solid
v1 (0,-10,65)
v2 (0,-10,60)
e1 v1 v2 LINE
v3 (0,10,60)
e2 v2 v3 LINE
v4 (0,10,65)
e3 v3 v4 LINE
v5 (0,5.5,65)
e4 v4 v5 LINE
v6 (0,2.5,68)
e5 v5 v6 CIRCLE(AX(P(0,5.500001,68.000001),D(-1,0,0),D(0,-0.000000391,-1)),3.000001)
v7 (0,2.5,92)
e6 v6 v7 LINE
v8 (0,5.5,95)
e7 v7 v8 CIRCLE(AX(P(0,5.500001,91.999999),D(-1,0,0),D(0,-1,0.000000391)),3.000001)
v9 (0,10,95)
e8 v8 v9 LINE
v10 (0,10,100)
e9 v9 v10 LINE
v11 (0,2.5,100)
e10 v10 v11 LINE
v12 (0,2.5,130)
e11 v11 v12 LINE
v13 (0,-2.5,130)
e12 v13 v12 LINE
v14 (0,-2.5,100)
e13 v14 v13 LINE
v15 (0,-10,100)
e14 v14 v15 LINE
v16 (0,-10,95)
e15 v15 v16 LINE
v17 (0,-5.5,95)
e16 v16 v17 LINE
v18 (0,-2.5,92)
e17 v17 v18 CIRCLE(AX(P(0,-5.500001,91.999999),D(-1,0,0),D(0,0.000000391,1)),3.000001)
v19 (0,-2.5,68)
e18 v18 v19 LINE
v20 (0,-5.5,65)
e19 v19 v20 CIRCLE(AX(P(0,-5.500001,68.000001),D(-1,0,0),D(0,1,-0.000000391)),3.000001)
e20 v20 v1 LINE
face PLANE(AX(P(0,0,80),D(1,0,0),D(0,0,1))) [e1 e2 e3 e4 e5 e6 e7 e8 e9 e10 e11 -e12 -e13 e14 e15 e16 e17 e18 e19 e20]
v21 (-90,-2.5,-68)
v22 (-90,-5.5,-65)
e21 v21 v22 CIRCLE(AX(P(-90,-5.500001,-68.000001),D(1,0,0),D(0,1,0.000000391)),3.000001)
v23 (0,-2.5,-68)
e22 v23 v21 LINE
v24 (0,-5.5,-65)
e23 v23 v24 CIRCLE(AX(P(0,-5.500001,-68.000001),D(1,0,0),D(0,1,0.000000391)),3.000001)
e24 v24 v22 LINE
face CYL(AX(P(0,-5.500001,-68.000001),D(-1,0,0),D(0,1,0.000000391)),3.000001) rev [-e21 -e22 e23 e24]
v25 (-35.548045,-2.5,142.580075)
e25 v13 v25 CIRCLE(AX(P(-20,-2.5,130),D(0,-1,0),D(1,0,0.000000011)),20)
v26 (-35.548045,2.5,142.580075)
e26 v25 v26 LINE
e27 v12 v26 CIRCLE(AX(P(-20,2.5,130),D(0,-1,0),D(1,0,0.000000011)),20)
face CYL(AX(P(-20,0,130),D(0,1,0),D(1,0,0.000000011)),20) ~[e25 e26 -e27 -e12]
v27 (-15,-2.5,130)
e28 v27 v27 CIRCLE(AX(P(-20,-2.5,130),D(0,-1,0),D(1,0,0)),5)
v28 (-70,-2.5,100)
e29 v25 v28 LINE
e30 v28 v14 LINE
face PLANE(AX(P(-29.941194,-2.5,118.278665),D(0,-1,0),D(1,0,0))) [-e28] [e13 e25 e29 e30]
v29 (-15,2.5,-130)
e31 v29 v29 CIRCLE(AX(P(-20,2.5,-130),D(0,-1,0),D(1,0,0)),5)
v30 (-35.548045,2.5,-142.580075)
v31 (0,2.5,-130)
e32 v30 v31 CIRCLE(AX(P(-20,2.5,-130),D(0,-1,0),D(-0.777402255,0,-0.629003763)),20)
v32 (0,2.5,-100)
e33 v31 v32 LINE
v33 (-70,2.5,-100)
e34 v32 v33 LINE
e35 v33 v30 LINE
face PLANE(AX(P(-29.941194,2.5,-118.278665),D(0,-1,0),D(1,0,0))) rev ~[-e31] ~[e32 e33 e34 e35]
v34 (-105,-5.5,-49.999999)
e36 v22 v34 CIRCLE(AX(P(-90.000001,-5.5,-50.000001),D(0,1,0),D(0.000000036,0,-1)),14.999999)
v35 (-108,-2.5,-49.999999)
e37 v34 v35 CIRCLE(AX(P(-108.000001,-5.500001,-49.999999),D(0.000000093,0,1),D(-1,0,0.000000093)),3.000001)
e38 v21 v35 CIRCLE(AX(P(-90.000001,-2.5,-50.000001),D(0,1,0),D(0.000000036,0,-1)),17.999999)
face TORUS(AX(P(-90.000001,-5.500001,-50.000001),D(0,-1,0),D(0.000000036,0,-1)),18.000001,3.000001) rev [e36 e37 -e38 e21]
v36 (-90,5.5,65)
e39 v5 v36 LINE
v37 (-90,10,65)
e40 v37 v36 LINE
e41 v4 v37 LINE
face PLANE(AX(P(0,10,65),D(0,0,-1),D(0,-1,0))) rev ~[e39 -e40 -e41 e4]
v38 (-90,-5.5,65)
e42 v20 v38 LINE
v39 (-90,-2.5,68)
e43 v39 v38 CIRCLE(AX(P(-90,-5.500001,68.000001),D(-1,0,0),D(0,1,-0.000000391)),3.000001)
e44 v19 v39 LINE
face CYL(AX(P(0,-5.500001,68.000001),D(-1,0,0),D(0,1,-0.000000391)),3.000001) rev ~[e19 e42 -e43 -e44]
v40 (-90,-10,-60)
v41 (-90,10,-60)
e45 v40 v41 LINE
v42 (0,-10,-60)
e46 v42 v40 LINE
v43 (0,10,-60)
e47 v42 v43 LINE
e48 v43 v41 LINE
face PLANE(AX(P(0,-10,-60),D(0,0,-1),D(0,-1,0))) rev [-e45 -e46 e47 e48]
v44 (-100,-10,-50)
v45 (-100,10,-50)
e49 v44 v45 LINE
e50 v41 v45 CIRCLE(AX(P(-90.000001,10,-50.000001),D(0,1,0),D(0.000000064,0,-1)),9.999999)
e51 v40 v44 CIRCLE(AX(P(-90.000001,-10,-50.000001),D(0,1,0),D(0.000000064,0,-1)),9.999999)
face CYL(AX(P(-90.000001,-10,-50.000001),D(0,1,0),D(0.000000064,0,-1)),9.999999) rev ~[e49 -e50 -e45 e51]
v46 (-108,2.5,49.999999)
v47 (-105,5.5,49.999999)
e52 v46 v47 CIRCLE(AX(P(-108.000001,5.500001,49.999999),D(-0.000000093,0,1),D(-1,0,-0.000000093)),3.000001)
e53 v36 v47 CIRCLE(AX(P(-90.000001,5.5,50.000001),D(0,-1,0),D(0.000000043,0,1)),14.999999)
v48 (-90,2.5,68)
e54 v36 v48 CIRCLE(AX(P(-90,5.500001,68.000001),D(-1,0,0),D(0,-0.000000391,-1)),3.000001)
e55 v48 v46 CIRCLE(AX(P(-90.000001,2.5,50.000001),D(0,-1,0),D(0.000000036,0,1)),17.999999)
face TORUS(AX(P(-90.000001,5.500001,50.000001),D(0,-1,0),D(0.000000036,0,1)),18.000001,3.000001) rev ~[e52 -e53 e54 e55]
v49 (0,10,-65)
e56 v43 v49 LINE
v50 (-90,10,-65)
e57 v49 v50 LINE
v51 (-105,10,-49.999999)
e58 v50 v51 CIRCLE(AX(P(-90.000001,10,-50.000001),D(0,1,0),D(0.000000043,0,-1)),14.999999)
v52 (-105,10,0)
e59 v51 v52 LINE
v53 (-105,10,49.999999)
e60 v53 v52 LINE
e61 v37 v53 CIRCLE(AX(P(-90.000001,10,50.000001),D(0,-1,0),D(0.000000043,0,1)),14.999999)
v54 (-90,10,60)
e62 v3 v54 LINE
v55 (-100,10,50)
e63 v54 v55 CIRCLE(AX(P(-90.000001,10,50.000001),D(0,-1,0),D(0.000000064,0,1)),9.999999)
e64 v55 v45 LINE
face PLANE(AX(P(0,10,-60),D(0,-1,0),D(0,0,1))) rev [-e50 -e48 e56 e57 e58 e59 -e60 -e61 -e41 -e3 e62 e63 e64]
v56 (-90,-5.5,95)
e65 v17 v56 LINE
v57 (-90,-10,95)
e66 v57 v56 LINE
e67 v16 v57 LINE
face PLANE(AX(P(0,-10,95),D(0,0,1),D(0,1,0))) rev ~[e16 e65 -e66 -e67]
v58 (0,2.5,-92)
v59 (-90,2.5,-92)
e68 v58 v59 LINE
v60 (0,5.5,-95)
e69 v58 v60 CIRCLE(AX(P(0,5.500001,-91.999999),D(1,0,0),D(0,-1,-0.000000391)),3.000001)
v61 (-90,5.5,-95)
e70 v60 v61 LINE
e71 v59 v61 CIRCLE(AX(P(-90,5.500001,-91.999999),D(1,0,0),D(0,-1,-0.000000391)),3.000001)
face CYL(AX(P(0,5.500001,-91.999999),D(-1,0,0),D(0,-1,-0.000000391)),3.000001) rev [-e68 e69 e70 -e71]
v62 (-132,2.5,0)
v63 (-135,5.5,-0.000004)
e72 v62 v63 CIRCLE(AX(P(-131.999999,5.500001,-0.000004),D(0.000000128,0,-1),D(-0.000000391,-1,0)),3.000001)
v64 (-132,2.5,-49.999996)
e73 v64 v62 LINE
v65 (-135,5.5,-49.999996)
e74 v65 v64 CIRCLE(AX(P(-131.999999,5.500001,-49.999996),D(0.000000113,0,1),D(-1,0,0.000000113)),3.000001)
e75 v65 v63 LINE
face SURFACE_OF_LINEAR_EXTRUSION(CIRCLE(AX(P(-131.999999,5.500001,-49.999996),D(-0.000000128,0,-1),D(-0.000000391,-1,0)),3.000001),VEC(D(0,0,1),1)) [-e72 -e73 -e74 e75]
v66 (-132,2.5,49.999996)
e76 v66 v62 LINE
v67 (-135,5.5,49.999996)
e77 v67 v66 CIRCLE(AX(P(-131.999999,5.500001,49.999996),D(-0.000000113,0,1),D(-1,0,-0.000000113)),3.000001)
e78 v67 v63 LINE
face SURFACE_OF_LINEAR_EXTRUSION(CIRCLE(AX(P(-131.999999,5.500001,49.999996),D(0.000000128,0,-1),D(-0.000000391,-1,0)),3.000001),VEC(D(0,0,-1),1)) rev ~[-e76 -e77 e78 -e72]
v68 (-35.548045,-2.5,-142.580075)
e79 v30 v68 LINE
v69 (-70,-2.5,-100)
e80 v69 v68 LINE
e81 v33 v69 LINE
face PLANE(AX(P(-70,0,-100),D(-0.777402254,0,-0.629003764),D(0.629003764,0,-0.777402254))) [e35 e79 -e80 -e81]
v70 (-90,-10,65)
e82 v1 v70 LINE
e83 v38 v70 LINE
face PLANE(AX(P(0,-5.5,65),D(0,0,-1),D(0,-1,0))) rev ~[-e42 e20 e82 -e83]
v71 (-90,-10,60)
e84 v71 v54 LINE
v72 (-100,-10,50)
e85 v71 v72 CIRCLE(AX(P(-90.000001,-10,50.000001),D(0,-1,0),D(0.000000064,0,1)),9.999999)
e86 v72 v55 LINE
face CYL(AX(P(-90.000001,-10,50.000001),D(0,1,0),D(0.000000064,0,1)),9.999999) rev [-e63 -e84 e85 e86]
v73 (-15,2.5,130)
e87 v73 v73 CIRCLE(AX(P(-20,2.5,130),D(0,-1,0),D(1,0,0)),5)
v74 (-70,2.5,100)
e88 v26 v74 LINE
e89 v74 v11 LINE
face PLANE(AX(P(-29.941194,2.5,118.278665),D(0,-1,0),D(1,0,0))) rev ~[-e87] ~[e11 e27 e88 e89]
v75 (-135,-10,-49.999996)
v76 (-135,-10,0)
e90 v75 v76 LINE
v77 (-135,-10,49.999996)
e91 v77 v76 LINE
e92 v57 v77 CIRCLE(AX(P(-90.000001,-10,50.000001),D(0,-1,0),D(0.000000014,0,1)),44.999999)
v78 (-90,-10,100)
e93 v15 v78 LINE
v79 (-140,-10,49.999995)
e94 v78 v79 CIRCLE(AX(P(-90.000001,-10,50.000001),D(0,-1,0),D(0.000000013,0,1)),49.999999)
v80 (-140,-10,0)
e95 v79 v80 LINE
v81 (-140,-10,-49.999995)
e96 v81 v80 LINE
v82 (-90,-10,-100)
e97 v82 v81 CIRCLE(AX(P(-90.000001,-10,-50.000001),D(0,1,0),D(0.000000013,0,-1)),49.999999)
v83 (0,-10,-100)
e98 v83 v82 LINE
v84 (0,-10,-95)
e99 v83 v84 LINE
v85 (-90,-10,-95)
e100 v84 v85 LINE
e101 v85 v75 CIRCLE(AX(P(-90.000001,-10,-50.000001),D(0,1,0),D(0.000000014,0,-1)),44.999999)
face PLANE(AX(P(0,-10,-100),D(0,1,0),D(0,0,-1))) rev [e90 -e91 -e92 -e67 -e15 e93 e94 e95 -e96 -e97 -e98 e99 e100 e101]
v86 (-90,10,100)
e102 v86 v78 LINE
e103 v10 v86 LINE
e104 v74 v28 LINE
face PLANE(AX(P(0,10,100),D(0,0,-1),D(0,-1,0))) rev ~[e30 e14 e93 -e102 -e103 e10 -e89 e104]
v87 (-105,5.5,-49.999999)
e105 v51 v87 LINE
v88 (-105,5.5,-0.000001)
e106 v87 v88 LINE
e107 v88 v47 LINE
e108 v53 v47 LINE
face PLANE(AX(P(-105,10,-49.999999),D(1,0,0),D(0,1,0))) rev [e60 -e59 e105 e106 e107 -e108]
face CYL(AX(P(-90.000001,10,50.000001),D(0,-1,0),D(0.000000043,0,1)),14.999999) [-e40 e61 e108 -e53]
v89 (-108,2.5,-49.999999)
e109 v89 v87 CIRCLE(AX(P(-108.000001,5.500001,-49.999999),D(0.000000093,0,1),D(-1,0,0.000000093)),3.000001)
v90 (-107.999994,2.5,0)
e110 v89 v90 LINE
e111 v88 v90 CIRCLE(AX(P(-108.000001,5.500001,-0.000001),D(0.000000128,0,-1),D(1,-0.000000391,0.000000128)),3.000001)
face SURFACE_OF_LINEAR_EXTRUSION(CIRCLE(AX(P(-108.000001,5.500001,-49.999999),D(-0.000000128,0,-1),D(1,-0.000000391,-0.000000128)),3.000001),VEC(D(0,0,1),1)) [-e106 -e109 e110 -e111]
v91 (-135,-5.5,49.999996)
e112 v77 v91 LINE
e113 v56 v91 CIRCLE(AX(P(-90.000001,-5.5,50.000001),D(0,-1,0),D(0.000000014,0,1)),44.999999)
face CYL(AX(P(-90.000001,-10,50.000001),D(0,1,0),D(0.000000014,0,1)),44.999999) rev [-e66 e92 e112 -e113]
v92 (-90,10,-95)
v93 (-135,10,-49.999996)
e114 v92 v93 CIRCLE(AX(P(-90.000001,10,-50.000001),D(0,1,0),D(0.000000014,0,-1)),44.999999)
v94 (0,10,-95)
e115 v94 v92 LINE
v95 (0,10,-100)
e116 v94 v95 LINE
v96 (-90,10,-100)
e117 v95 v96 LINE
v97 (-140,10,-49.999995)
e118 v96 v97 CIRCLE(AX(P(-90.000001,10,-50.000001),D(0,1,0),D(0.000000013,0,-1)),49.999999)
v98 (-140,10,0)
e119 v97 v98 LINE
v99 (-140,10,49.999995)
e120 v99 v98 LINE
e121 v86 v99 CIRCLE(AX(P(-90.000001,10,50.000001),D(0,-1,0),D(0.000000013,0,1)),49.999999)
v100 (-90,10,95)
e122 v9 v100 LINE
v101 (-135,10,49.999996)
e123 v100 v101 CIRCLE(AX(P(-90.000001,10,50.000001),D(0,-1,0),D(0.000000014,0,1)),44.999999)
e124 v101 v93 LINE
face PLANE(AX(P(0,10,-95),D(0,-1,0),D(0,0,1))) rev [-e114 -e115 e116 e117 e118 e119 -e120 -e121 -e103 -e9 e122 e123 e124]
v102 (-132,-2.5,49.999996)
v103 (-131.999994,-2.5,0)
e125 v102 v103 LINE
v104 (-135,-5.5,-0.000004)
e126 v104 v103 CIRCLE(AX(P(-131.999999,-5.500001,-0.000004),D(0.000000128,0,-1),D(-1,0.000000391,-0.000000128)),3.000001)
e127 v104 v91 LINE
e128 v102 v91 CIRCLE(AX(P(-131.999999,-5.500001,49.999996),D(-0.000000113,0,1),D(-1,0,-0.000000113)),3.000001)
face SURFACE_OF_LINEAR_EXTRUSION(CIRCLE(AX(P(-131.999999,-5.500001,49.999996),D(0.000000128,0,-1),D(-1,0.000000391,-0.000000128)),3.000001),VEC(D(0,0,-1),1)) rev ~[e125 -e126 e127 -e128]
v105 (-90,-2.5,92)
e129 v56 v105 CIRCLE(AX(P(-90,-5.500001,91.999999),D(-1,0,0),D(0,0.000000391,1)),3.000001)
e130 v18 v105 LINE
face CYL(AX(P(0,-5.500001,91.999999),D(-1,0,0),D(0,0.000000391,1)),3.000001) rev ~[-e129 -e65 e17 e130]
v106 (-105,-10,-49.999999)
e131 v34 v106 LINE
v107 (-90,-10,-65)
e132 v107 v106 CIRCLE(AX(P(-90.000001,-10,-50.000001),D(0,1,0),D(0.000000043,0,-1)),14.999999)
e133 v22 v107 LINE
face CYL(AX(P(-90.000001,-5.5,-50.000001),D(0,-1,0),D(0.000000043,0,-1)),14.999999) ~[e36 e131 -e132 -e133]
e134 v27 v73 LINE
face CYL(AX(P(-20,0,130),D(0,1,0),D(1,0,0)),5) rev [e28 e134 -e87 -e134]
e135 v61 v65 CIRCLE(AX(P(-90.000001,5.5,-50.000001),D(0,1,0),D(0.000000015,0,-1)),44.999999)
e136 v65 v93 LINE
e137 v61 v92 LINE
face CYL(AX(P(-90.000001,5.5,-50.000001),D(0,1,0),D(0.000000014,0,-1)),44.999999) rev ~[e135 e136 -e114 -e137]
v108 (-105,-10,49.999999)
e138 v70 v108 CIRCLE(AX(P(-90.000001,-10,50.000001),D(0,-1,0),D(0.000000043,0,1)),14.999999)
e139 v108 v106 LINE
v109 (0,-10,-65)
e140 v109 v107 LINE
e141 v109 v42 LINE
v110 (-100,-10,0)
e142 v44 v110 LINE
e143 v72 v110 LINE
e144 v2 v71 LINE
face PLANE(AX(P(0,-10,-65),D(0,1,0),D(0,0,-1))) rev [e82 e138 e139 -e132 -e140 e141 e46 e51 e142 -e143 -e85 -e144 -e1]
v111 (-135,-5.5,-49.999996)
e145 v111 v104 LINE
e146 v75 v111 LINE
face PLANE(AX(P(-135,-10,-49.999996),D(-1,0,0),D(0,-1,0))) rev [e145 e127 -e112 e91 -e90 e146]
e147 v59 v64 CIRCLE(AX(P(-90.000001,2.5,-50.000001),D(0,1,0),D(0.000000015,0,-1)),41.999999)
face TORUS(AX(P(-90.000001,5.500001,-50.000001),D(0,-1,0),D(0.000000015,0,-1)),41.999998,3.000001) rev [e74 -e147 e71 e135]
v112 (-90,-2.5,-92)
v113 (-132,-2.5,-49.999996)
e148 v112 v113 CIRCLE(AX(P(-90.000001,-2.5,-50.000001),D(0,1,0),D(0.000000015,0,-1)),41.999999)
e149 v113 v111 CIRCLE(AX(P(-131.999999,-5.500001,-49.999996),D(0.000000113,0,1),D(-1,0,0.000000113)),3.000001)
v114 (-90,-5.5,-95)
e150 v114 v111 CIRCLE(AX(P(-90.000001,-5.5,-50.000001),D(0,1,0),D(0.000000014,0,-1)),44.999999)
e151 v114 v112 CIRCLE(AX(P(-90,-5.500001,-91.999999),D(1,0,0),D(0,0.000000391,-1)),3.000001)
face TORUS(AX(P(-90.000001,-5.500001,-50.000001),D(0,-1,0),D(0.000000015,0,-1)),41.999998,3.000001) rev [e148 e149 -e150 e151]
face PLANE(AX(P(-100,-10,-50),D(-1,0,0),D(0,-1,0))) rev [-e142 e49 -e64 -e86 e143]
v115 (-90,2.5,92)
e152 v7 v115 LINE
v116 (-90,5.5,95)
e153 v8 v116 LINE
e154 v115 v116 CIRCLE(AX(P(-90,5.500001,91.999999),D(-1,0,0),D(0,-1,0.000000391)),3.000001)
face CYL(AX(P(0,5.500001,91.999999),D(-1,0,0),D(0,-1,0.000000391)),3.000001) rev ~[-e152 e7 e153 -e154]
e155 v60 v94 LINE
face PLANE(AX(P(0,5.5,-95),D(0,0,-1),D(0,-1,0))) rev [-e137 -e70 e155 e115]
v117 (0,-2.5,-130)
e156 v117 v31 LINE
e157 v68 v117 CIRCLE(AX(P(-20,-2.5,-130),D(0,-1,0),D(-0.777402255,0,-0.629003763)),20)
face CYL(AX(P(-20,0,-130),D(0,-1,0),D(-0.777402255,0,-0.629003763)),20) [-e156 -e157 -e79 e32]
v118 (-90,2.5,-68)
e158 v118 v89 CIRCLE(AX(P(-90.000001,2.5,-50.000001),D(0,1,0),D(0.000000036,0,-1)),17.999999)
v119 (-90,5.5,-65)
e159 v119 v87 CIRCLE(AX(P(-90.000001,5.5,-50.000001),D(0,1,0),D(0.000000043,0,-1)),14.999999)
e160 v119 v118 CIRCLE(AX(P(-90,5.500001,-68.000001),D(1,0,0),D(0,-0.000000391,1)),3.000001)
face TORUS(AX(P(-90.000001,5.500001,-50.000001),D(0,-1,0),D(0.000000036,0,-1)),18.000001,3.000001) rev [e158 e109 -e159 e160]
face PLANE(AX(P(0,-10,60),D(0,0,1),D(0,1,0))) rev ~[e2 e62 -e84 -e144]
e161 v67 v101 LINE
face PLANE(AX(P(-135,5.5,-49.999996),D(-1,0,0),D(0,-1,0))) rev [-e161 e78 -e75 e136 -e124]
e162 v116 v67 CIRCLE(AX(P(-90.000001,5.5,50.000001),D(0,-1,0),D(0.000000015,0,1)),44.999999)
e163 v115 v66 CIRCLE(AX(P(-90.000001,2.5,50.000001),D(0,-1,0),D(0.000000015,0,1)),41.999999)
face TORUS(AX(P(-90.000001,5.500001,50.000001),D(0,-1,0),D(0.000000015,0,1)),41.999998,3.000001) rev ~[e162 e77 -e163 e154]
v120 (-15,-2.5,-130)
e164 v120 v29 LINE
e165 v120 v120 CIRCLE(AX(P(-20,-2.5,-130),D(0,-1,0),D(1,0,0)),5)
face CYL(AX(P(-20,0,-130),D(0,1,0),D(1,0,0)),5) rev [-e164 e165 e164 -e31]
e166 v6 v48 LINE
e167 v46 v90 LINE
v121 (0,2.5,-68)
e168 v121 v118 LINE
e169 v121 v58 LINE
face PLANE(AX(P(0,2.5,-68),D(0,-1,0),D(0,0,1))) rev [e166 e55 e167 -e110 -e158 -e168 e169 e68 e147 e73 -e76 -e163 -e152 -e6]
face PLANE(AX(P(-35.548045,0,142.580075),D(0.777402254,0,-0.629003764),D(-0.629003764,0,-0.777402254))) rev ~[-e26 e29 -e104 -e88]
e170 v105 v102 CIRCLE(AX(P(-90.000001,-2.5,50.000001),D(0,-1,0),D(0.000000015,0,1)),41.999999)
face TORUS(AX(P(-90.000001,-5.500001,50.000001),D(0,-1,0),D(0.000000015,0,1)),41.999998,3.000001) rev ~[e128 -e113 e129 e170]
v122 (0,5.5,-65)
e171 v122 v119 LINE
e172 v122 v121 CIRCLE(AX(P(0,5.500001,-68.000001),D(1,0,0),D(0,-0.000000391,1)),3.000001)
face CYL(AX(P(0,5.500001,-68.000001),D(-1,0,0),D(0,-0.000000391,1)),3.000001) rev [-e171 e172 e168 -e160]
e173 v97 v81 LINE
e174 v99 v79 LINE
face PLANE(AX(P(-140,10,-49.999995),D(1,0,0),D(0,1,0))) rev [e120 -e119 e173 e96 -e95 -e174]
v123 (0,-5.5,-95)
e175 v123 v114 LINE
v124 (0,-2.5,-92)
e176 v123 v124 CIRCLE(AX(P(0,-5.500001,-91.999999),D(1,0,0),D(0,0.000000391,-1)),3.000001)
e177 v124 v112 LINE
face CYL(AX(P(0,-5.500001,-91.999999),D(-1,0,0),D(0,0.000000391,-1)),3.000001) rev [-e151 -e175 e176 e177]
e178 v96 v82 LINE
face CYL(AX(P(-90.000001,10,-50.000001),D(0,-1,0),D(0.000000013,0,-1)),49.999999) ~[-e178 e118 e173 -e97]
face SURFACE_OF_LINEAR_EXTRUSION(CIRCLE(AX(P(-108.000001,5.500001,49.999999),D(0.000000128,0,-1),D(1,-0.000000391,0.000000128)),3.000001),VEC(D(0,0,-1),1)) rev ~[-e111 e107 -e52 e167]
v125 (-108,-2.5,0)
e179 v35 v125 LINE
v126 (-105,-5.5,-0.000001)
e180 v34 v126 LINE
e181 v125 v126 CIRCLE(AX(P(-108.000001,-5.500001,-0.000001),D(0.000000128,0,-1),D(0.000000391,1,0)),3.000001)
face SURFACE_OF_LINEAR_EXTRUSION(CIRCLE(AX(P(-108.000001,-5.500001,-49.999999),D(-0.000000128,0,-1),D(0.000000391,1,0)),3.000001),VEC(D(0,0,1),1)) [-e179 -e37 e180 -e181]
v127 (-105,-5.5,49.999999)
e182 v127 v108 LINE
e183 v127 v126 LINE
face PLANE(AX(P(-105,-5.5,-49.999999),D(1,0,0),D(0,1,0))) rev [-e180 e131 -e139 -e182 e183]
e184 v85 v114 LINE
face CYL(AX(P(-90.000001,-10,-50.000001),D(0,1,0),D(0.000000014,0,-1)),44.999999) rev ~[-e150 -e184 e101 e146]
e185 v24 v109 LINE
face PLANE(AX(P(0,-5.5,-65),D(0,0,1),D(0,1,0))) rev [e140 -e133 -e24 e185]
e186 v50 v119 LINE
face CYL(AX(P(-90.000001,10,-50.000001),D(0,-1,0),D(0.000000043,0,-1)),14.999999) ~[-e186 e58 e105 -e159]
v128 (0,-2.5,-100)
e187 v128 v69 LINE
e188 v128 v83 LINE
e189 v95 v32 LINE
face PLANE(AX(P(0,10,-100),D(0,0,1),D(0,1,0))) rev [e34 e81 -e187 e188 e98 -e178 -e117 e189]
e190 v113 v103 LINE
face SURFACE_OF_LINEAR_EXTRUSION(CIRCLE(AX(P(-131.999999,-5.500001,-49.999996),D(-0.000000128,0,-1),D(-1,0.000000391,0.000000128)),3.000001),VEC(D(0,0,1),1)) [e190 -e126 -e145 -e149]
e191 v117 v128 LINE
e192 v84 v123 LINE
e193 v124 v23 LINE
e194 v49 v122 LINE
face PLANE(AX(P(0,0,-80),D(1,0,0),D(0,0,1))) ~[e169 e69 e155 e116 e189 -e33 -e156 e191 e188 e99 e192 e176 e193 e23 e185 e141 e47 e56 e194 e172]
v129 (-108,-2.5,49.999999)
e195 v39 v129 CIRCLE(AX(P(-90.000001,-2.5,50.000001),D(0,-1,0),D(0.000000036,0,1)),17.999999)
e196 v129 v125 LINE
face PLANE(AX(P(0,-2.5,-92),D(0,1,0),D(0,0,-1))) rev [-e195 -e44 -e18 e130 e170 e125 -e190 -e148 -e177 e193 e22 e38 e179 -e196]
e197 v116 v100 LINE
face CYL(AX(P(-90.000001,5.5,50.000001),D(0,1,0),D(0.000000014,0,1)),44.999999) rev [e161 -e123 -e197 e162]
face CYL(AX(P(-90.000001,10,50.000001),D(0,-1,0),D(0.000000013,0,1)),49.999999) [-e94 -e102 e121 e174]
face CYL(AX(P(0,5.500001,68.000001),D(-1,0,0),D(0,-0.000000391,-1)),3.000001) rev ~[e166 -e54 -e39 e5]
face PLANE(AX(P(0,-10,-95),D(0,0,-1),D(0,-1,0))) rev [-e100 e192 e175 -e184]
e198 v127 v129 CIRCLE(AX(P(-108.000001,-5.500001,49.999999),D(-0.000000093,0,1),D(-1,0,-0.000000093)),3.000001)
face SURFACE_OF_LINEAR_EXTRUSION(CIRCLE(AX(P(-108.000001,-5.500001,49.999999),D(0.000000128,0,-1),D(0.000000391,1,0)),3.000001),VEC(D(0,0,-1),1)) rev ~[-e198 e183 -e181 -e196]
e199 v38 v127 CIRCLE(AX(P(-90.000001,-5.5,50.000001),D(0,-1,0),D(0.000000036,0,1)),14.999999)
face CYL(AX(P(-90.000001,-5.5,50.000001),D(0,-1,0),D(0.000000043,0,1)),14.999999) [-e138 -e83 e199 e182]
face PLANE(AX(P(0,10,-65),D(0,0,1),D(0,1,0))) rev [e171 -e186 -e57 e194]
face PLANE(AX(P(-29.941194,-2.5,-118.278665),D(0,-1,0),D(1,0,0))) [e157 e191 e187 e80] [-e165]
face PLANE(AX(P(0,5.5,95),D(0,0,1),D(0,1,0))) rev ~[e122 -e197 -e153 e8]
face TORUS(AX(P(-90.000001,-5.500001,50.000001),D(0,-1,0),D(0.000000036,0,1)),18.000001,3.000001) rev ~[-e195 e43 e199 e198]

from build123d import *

# Parameters (mm, degrees)
F4_R     = 5
F5_DEPTH = 2.5


with BuildPart() as f2:
    # F2: sweep along a path in F0
    with BuildLine(Plane.XZ) as f2_path:
        Line((0, 60), (-90, 60))
        ThreePointArc((-90, 60), (-97.071068, 57.071068), (-100, 50))
        Line((-100, 50), (-100, 0))
    # F1 (on Right) → F2 (sweep)
    with BuildSketch(Plane.YZ):
        with BuildLine():
            Line((-10, 100), (-10, 95))
            Line((-10, 95), (-5.5, 95))
            ThreePointArc((-5.5, 95), (-3.37868, 94.12132), (-2.5, 92))
            Line((-2.5, 92), (-2.5, 68))
            ThreePointArc((-2.5, 68), (-3.37868, 65.87868), (-5.5, 65))
            Line((-5.5, 65), (-10, 65))
            Line((-10, 65), (-10, 60))
            Line((-10, 60), (0, 60))
            Line((0, 60), (10, 60))
            Line((10, 60), (10, 65))
            Line((10, 65), (5.5, 65))
            ThreePointArc((5.5, 65), (3.37868, 65.87868), (2.5, 68))
            Line((2.5, 68), (2.5, 92))
            ThreePointArc((2.5, 92), (3.37868, 94.12132), (5.5, 95))
            Line((5.5, 95), (10, 95))
            Line((10, 95), (10, 100))
            Line((10, 100), (-10, 100))
        make_face()
    sweep(path=f2_path.line)

    # F3: F2 across plane


with BuildPart() as f2_1:
    add(f2.part)
    add(f2.part.mirror(Plane.XY))

    # F4 (on Front) → F5 (join, symmetric)
    with BuildSketch(Plane.XZ):
        with BuildLine():
            Line((-35.548045, 142.580075), (-70, 100))
            Line((-70, 100), (0, 100))
            Line((0, 100), (0, 130))
            ThreePointArc((0, 130), (-13.327703, 148.854189), (-35.548045, 142.580075))
        make_face()
        with Locations((-20, 130)):
            Circle(F4_R, mode=Mode.SUBTRACT)
        with BuildLine():
            Line((0, -100), (-70, -100))
            Line((-70, -100), (-35.548045, -142.580075))
            ThreePointArc((-35.548045, -142.580075), (-13.327703, -148.854189), (0, -130))
            Line((0, -130), (0, -100))
        make_face()
        with Locations((-20, -130)):
            Circle(F4_R, mode=Mode.SUBTRACT)
    extrude(amount=F5_DEPTH, both=True)


solid = f2_1.part
